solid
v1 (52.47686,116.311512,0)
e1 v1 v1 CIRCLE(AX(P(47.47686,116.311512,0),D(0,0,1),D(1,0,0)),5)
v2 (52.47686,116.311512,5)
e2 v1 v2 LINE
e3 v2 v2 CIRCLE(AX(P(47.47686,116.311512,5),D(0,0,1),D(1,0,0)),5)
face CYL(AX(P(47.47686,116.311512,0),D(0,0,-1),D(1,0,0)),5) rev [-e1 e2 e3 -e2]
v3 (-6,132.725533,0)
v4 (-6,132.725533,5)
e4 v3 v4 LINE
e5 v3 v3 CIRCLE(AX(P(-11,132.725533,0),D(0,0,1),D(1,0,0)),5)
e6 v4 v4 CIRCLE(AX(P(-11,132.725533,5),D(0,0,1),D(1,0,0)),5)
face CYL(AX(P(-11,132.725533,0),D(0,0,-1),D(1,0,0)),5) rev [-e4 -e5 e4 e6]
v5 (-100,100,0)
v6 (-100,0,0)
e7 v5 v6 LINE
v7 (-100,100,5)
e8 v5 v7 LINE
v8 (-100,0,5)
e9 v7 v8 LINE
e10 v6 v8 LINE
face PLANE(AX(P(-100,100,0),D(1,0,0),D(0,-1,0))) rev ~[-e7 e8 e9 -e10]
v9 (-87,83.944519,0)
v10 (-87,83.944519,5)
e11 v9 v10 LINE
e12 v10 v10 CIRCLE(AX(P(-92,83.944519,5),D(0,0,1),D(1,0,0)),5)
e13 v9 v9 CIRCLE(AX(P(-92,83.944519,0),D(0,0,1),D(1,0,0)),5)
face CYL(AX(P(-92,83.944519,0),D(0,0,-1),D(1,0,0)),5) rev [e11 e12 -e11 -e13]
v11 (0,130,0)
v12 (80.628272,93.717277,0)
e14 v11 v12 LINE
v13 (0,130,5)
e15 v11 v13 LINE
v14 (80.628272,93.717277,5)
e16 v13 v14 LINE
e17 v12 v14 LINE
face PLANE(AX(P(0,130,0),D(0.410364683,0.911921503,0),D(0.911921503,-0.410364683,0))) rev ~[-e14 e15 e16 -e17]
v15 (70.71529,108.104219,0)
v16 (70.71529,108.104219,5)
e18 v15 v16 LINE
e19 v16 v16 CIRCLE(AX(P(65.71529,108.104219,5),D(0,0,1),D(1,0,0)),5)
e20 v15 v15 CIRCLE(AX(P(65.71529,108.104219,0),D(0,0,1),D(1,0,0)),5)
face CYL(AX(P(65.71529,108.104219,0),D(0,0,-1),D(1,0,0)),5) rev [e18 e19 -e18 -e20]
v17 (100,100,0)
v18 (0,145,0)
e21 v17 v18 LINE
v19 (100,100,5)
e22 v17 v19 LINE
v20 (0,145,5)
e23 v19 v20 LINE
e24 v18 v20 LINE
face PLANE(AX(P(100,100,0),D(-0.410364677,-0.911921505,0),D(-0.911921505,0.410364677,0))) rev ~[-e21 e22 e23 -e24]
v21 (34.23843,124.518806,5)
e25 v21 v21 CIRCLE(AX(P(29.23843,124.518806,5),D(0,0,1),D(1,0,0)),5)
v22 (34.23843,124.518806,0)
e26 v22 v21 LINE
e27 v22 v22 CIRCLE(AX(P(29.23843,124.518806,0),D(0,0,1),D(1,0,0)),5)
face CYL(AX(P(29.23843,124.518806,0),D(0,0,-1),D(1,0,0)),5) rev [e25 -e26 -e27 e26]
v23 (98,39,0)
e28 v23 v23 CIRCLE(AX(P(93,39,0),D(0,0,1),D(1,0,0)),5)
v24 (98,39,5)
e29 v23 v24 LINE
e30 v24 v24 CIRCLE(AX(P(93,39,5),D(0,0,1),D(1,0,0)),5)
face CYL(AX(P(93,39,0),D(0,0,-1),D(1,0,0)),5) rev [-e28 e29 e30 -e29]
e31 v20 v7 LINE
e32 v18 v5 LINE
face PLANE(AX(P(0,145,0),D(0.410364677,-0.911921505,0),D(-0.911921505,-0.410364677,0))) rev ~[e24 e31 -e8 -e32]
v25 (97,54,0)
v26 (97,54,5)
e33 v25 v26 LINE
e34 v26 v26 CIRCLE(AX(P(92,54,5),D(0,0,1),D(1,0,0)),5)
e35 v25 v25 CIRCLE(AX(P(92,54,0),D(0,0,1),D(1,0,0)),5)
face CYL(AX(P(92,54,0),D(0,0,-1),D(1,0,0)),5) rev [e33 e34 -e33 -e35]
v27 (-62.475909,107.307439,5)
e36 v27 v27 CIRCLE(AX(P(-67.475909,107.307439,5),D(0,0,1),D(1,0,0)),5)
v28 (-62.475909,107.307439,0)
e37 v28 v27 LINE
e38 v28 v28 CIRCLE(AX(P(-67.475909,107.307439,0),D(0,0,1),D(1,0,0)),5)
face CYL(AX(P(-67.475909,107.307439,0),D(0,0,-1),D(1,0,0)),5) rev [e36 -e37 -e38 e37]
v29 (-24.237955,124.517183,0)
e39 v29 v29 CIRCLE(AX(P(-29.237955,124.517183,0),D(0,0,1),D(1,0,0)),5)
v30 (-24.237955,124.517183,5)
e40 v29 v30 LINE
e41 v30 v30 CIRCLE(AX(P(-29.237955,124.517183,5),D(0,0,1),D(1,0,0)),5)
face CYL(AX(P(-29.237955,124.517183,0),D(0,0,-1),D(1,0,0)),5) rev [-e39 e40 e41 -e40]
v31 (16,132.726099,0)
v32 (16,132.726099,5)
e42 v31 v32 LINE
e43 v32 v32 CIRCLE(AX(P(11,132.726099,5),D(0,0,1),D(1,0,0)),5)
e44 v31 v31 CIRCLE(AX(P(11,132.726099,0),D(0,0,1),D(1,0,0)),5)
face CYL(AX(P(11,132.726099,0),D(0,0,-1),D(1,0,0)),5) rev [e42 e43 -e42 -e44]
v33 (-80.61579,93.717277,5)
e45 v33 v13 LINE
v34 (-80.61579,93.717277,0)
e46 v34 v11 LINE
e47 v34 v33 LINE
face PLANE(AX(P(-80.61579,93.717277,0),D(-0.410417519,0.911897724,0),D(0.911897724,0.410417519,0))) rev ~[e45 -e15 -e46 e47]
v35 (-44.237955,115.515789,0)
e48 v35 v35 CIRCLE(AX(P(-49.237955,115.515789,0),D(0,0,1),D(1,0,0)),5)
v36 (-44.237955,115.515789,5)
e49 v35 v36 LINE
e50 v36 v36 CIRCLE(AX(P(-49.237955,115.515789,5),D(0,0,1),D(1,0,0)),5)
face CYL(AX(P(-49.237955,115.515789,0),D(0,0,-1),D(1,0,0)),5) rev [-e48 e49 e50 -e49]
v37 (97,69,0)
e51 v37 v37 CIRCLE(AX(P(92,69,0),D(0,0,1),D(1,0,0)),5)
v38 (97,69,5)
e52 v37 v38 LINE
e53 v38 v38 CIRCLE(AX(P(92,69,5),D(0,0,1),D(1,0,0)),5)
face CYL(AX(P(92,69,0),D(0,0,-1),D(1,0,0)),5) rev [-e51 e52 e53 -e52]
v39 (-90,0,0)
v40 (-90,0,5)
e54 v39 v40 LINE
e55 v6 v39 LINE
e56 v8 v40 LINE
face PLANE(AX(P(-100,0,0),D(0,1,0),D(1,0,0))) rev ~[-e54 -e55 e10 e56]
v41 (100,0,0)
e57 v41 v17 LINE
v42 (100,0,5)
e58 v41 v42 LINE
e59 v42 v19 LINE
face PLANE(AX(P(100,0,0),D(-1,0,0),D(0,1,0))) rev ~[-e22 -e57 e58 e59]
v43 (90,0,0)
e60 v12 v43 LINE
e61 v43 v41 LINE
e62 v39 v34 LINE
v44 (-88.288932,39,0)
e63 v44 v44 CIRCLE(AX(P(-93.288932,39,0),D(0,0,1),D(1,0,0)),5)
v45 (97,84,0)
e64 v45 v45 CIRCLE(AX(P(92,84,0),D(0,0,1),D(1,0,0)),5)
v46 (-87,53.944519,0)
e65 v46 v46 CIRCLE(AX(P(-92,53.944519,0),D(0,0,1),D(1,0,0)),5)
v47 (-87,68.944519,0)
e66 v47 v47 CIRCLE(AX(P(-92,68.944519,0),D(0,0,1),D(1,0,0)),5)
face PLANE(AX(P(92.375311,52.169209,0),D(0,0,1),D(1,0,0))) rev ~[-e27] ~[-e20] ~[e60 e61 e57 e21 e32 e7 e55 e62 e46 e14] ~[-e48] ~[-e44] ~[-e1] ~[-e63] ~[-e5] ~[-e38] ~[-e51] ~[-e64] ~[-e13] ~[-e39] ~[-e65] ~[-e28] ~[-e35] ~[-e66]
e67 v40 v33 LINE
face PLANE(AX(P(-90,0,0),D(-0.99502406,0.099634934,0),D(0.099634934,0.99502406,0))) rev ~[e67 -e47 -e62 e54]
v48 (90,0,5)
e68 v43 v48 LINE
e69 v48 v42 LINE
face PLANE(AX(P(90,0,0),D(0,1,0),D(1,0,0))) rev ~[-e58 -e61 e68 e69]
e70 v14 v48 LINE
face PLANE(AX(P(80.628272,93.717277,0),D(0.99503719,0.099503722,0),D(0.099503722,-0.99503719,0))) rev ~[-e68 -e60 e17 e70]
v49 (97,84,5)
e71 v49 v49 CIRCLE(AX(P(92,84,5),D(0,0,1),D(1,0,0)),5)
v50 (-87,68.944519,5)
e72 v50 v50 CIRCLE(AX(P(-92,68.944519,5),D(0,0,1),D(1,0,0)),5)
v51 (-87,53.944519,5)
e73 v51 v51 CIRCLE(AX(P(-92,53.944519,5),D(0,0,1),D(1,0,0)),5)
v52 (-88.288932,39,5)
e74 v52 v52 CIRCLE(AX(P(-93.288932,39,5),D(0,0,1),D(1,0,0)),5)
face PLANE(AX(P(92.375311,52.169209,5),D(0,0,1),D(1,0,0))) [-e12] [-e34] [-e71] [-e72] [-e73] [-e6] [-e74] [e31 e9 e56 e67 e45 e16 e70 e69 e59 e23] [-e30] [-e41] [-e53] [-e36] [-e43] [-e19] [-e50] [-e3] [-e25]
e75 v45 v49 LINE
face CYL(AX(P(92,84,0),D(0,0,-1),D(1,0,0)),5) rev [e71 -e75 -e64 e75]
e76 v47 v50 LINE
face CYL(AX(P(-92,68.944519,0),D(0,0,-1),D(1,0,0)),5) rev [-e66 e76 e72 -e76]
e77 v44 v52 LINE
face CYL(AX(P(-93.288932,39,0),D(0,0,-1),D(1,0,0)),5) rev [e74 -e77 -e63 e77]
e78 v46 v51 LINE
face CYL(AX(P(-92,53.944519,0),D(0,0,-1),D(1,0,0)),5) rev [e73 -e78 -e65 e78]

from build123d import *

# Parameters (mm, degrees)
F0_R     = 5
F1_DEPTH = 5


with BuildPart() as f1:
    # F0 (on Top) → F1 (new body)
    with BuildSketch(Plane.XY):
        Polygon((80.628272, 93.717277), (90, 0), (100, 0), (100, 100), (80, 100), align=None)
        with Locations((93, 39)):
            Circle(F0_R, mode=Mode.SUBTRACT)
        with Locations((92, 54)):
            Circle(F0_R, mode=Mode.SUBTRACT)
        with Locations((92, 69)):
            Circle(F0_R, mode=Mode.SUBTRACT)
        with Locations((92, 84)):
            Circle(F0_R, mode=Mode.SUBTRACT)
        Polygon((-100, 0), (-90, 0), (-80.61579, 93.717277), (-80.000474, 99.86225), (-100, 100), align=None)
        with Locations((-93.288932, 39)):
            Circle(F0_R, mode=Mode.SUBTRACT)
        with Locations((-92, 53.944519)):
            Circle(F0_R, mode=Mode.SUBTRACT)
        with Locations((-92, 68.944519)):
            Circle(F0_R, mode=Mode.SUBTRACT)
        with Locations((-92, 83.944519)):
            Circle(F0_R, mode=Mode.SUBTRACT)
        Polygon((0, 145), (0, 130), (80.628272, 93.717277), (80, 100), (100, 100), align=None)
        with Locations((65.71529, 108.104219)):
            Circle(F0_R, mode=Mode.SUBTRACT)
        with Locations((47.47686, 116.311512)):
            Circle(F0_R, mode=Mode.SUBTRACT)
        with Locations((29.23843, 124.518806)):
            Circle(F0_R, mode=Mode.SUBTRACT)
        with Locations((11, 132.726099)):
            Circle(F0_R, mode=Mode.SUBTRACT)
        Polygon((-80.61579, 93.717277), (0, 130), (0, 145), (-100, 100), (-80.000474, 99.86225), align=None)
        with Locations((-67.475909, 107.307439)):
            Circle(F0_R, mode=Mode.SUBTRACT)
        with Locations((-49.237955, 115.515789)):
            Circle(F0_R, mode=Mode.SUBTRACT)
        with Locations((-29.237955, 124.517183)):
            Circle(F0_R, mode=Mode.SUBTRACT)
        with Locations((-11, 132.725533)):
            Circle(F0_R, mode=Mode.SUBTRACT)
    extrude(amount=F1_DEPTH)


solid = f1.part
